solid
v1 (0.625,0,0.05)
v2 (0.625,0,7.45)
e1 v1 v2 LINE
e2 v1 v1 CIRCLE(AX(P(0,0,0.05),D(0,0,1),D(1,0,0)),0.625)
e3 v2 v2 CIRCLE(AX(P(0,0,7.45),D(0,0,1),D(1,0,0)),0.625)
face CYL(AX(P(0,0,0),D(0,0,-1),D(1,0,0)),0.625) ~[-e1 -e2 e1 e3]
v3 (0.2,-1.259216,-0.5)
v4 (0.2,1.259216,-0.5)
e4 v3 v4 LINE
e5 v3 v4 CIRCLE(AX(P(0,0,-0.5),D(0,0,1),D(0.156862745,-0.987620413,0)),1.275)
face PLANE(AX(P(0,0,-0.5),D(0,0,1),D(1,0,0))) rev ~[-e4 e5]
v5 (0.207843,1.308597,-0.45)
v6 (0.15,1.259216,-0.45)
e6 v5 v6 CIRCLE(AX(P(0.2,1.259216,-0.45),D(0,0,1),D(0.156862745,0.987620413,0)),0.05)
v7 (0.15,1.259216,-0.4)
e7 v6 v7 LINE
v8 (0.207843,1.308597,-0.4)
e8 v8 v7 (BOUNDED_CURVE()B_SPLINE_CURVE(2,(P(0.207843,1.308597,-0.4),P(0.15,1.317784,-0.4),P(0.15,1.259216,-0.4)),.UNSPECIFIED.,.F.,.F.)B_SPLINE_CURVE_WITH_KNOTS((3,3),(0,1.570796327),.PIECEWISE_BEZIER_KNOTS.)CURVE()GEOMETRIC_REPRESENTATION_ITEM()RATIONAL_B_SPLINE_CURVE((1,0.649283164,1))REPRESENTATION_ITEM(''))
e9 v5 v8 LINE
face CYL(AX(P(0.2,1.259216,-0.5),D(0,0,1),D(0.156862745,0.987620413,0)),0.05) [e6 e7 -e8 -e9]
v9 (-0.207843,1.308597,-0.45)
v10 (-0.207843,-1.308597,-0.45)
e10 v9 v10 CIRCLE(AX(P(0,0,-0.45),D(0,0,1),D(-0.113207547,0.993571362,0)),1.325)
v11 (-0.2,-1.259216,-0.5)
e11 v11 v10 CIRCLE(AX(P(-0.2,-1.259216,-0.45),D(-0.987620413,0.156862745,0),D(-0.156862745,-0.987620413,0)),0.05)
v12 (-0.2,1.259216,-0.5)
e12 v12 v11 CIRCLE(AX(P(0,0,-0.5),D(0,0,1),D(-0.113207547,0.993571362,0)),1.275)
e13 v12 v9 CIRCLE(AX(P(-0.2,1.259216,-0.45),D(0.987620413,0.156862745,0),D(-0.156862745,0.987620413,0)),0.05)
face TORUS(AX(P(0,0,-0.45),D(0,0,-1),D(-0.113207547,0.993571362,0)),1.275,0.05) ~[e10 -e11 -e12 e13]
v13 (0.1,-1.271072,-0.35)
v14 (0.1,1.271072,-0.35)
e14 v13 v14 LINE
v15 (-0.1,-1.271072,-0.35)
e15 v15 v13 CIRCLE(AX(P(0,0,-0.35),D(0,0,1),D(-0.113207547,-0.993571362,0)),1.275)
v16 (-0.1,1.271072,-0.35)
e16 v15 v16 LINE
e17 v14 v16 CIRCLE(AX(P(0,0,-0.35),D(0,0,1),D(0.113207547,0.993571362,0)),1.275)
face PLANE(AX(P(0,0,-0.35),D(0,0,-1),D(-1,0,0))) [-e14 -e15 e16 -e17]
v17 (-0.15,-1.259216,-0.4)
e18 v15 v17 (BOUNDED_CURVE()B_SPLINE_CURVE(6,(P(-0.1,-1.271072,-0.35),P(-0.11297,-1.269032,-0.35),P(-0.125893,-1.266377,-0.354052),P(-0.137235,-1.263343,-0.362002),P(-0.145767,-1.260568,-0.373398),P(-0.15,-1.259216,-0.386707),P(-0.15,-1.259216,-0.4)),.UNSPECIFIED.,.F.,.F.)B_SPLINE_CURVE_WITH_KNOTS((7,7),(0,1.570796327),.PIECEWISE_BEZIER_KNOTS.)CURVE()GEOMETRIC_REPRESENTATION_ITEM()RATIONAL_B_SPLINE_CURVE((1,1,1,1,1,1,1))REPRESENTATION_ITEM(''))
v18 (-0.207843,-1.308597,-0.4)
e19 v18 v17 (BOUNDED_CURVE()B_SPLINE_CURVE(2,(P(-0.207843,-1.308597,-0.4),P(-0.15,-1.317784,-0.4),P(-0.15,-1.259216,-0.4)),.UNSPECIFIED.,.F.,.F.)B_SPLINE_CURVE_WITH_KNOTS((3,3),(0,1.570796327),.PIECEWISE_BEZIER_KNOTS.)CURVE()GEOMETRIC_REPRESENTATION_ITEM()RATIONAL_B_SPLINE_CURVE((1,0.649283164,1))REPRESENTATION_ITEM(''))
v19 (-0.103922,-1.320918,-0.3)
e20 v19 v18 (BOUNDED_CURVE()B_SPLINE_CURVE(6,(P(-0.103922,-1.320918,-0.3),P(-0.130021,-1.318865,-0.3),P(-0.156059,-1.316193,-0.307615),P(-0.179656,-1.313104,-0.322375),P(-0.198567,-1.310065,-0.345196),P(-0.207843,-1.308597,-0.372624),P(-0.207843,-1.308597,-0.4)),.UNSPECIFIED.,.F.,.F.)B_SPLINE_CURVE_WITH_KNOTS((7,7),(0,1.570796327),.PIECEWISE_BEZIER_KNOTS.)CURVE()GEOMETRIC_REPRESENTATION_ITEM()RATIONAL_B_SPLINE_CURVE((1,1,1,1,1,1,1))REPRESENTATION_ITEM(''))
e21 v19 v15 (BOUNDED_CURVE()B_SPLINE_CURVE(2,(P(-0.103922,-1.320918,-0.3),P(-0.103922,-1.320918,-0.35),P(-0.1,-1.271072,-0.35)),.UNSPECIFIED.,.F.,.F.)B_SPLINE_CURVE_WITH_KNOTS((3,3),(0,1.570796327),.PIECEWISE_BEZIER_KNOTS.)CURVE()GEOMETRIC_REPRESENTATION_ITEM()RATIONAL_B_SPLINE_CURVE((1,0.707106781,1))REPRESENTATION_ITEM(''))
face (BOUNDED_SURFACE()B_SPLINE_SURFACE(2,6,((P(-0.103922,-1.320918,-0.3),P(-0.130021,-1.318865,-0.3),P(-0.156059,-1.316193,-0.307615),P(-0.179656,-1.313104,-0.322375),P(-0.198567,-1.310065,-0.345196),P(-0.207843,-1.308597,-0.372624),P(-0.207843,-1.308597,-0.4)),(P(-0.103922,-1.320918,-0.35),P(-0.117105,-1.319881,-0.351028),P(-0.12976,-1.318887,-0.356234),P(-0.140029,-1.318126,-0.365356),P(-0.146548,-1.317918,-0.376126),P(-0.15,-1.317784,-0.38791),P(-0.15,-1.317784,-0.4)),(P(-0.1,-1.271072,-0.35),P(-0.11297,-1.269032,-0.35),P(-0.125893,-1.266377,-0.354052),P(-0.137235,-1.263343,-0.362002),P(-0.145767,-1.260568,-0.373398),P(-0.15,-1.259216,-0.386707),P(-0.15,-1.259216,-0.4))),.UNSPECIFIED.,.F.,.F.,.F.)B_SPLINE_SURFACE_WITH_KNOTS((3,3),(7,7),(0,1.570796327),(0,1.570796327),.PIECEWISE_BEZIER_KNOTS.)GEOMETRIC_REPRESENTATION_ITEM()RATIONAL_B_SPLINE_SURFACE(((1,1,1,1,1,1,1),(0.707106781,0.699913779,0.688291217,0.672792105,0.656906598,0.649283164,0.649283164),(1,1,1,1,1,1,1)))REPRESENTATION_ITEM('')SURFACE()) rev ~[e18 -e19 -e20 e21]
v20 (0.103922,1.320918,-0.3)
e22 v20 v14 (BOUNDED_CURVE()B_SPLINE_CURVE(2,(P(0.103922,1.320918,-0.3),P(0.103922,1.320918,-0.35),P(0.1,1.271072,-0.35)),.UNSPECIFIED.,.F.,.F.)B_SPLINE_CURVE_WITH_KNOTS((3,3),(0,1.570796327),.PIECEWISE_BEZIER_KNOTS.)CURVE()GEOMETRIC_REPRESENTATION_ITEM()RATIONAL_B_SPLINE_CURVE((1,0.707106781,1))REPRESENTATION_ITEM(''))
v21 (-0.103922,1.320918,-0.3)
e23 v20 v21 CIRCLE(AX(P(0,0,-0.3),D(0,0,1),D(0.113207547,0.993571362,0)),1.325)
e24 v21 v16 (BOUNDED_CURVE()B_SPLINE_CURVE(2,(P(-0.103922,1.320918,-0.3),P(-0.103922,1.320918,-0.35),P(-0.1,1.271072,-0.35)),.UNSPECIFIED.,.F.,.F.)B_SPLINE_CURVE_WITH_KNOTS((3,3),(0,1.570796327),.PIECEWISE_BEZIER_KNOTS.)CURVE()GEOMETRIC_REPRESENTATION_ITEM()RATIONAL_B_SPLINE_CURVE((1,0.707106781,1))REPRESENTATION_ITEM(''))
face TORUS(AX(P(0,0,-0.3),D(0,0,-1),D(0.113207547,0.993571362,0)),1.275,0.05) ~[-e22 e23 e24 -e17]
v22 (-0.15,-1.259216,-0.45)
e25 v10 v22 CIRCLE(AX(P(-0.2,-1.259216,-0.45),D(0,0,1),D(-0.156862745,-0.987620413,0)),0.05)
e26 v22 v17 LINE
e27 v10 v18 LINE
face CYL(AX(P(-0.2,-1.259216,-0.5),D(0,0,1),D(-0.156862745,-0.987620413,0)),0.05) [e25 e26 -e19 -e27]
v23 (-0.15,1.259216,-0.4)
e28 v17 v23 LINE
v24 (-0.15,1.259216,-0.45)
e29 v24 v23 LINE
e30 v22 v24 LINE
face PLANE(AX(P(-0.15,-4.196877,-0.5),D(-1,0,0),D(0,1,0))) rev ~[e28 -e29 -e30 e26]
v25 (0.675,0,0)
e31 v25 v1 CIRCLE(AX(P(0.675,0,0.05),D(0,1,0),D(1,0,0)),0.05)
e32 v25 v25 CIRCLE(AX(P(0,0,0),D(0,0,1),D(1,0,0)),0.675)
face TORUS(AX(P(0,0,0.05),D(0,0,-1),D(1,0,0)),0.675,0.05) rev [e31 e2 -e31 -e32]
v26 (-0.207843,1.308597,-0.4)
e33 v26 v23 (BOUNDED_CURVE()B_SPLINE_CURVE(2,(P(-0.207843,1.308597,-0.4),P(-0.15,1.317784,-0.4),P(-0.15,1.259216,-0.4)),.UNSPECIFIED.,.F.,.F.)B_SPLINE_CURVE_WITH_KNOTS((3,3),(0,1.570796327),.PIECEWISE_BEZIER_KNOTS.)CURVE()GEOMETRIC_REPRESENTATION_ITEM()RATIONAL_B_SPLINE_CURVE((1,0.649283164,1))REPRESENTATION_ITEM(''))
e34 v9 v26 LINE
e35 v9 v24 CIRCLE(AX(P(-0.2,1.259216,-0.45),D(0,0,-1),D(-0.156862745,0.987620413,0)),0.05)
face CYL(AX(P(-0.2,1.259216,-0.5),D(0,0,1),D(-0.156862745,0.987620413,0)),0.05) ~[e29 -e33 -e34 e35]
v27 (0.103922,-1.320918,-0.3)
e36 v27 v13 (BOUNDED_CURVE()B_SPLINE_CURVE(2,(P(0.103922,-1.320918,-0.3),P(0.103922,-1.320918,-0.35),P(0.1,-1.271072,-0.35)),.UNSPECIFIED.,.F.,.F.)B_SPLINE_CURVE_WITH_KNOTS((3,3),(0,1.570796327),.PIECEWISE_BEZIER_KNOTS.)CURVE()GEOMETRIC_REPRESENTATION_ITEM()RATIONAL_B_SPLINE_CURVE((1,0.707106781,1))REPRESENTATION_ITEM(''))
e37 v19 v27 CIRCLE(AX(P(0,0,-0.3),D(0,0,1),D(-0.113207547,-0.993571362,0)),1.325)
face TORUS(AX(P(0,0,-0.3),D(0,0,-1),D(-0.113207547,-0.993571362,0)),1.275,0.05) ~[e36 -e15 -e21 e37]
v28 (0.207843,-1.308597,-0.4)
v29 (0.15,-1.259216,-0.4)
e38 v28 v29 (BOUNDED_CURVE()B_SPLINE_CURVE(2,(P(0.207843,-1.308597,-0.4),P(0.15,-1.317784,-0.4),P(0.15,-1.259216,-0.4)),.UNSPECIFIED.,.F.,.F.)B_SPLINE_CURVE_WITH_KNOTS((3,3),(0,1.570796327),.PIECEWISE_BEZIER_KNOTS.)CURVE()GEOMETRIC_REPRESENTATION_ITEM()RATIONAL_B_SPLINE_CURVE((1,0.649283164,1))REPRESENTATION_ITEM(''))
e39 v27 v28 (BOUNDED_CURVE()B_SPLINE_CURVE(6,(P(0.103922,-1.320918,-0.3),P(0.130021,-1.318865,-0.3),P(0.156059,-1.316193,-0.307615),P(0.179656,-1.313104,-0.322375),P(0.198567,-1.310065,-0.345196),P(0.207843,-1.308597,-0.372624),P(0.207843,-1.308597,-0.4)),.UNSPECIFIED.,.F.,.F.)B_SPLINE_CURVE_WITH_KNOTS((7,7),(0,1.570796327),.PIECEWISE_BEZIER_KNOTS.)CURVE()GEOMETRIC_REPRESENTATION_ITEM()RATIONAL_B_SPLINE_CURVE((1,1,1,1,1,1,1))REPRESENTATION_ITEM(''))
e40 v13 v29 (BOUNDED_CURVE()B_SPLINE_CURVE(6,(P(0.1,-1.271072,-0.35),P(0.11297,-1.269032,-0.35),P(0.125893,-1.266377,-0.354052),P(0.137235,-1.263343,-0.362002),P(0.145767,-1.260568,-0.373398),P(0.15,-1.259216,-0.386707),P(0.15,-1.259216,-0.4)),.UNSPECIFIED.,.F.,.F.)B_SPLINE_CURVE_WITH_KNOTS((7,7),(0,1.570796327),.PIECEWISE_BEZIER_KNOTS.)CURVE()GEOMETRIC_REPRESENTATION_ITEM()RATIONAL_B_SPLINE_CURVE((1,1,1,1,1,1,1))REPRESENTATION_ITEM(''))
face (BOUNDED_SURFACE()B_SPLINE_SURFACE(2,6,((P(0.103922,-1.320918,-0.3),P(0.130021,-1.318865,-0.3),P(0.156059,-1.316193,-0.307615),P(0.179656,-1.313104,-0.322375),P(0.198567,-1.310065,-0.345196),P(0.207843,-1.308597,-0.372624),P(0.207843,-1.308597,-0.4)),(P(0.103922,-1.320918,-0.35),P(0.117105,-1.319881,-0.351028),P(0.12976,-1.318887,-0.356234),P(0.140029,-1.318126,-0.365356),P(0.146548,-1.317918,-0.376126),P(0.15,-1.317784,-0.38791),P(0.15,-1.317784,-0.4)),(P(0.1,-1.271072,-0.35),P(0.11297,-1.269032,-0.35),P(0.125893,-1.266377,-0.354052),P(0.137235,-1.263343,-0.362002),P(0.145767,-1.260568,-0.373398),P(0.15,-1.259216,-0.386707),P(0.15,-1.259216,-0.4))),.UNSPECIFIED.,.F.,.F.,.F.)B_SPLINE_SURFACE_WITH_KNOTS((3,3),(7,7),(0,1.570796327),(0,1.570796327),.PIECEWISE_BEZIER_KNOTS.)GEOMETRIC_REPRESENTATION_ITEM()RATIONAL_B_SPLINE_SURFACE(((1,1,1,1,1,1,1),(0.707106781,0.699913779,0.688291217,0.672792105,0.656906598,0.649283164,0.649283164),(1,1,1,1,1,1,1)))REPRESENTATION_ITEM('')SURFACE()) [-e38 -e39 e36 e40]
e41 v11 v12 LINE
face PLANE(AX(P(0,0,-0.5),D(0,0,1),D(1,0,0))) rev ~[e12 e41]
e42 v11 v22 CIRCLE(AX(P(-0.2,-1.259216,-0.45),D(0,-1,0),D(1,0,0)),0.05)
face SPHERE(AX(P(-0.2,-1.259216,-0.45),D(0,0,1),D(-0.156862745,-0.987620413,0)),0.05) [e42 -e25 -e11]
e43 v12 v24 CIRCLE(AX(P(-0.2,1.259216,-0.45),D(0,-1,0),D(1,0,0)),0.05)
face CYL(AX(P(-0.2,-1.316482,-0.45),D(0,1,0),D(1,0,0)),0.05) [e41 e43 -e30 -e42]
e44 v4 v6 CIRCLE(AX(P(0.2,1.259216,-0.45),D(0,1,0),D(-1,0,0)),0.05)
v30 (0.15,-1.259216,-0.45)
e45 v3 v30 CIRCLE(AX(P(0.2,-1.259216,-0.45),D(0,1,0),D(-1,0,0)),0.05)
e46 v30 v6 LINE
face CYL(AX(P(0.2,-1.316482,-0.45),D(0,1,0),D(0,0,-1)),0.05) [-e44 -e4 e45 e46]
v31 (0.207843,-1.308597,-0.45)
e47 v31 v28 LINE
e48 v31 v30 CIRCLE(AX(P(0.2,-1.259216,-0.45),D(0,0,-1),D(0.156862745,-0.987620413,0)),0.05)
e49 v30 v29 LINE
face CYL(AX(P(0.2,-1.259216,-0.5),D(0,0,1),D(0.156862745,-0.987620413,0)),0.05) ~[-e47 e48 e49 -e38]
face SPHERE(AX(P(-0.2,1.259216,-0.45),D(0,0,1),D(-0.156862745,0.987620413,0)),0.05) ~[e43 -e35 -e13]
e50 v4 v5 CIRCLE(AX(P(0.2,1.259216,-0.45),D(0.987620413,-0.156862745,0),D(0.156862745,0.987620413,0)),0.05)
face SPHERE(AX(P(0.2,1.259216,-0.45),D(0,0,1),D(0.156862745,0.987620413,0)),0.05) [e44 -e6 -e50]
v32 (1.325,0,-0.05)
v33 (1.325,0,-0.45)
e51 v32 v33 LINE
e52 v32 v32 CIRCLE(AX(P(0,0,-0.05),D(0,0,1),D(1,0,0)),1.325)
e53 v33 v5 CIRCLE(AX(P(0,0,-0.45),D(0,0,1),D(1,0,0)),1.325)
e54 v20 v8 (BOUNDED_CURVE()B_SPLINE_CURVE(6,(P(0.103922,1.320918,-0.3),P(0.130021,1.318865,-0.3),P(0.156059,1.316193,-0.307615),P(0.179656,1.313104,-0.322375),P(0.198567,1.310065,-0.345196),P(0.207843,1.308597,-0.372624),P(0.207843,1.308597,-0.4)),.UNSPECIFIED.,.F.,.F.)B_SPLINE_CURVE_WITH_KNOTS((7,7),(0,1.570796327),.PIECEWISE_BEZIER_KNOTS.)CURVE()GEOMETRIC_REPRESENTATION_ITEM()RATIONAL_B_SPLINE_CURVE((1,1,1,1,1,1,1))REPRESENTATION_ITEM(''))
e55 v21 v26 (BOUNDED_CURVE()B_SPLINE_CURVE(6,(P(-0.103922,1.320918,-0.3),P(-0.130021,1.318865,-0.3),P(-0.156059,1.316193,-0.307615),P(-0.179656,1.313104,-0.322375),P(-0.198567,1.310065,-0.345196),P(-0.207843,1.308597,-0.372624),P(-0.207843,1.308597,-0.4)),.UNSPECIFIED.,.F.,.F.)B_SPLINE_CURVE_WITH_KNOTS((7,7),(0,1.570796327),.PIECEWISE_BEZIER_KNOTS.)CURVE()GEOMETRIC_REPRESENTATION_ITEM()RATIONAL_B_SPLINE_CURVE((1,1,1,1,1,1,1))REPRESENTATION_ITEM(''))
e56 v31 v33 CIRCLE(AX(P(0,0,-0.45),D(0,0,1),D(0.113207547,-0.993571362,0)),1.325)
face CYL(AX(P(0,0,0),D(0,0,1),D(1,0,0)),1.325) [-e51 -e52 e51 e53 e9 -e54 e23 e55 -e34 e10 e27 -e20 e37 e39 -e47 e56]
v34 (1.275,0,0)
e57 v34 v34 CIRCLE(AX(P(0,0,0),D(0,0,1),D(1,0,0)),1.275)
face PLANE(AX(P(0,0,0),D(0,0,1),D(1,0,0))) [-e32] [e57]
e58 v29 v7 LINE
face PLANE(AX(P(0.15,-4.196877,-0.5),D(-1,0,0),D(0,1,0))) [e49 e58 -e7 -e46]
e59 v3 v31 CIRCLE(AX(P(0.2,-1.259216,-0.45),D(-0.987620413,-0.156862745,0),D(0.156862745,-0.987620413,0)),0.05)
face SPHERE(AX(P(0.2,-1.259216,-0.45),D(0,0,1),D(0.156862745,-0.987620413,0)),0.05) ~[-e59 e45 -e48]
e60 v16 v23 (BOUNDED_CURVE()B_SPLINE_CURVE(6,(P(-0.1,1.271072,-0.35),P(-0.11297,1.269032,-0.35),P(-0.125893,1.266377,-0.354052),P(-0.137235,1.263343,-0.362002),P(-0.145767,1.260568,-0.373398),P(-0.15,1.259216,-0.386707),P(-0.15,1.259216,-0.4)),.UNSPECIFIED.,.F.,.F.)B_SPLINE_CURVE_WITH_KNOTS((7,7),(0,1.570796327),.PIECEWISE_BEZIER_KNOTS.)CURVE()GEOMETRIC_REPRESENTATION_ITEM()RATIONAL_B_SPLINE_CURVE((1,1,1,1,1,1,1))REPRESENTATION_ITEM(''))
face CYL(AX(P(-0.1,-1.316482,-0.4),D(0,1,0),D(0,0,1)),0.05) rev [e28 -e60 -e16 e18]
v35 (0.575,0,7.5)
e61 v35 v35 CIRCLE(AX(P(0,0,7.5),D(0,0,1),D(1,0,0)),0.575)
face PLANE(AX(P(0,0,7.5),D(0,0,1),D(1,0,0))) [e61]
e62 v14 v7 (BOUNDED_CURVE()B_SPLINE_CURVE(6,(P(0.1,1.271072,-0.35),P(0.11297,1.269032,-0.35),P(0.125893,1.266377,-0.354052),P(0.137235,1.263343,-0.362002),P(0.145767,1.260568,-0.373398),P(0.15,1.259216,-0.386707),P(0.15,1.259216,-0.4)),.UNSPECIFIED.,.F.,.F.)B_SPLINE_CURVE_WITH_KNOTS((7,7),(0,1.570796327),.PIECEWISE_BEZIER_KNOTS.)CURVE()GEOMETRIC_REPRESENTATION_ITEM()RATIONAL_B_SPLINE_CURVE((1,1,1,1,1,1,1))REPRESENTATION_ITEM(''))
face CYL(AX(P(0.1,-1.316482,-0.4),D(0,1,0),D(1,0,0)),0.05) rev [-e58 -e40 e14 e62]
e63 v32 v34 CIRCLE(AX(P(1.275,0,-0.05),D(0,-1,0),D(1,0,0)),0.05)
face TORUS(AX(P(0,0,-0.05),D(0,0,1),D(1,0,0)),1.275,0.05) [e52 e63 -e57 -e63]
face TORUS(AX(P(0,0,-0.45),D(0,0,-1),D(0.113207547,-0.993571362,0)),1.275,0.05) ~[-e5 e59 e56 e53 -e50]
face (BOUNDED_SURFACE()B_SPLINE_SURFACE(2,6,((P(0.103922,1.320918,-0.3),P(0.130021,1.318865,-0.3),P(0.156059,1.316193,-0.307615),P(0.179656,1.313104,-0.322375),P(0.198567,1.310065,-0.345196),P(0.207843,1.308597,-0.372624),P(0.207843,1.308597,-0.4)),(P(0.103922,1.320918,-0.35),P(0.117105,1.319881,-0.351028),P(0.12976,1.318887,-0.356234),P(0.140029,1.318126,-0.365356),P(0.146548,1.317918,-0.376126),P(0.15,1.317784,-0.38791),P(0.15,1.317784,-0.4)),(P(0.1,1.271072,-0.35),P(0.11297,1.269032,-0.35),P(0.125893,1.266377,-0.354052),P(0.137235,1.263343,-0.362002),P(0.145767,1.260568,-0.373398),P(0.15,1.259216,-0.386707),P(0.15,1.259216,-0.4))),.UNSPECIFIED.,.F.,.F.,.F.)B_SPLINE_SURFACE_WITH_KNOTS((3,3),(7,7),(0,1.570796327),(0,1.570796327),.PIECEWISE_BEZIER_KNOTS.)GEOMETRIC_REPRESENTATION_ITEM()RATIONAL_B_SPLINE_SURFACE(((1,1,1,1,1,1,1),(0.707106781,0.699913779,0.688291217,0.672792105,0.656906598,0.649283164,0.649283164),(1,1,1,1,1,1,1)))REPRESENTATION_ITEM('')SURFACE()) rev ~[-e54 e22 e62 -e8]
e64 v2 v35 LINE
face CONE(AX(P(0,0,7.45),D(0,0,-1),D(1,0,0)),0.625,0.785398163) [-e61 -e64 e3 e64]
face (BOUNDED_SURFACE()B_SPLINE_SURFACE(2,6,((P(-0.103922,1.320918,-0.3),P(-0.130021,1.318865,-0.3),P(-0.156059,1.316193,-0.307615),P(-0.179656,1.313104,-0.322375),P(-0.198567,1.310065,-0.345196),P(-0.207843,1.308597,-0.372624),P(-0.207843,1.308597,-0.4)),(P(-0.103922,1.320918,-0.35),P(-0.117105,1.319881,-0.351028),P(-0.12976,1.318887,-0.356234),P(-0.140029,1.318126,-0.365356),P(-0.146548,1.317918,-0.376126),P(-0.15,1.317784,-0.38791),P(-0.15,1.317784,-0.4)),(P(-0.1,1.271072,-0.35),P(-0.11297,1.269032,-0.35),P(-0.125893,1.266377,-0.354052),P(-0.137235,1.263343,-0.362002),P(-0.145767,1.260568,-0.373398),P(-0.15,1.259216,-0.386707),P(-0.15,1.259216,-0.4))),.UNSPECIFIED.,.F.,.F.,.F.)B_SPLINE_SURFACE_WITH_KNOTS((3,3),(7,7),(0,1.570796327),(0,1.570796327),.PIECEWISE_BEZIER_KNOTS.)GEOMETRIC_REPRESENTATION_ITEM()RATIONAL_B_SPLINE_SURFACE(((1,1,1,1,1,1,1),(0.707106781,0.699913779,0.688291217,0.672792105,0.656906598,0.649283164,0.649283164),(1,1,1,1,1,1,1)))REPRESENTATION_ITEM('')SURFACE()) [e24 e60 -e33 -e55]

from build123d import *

# Parameters (mm, degrees)
SKETCH1_R           = 0.625
BOSS_EXTRUDE1_DEPTH = 7.5
SKETCH2_R           = 1.325
BOSS_EXTRUDE2_DEPTH = 0.5
SKETCH3_W           = 0.3
SKETCH3_H           = 8.393754192
CUT_EXTRUDE1_DEPTH  = 0.15
FILLET1_R           = 0.05
FILLET2_R           = 0.05
CHAMFER1_SIZE       = 0.05


with BuildPart() as part:
    # Sketch1 → Boss-Extrude1 (new body)
    with BuildSketch(Plane.XY):
        Circle(SKETCH1_R)
    extrude(amount=BOSS_EXTRUDE1_DEPTH)

    # Sketch2 → Boss-Extrude2 (add)
    with BuildSketch(Plane.XY):
        Circle(SKETCH2_R)
    extrude(amount=-BOSS_EXTRUDE2_DEPTH)

    # Sketch3 → Cut-Extrude1 (cut)
    with BuildSketch(Plane(origin=(0, 0, -0.5), x_dir=(-1, 0, 0), z_dir=(0, 0, -1))):
        Rectangle(SKETCH3_W, SKETCH3_H)
    extrude(amount=-CUT_EXTRUDE1_DEPTH, mode=Mode.SUBTRACT)

    # Fillet1
    fillet1_edges = [part.edges().sort_by_distance(p)[0] for p in [
        (-1.325, 0, -0.5),
        (0.988527946, 0.882291052, -0.5),
        (0.15, 0, -0.5),
        (-0.15, 0, -0.5),
        (0, 1.325, -0.35),
        (0, -1.325, -0.35),
        (-0.15, -1.316482055, -0.425),
        (-0.15, 1.316482055, -0.425),
        (0.15, 1.316482055, -0.425),
        (0.15, -1.316482055, -0.425),
        (-0.15, 0, -0.35),
        (0.15, 0, -0.35),
        (-0.625, 0, 0),
    ]]
    fillet(fillet1_edges, radius=FILLET1_R)

    # Fillet2
    fillet2_edges = [part.edges().sort_by_distance(p)[0] for p in [
        (-1.325, 0, 0),
    ]]
    fillet(fillet2_edges, radius=FILLET2_R)

    # Chamfer1
    chamfer1_edges = [part.edges().sort_by_distance(p)[0] for p in [
        (-0.625, 0, 7.5),
    ]]
    chamfer(chamfer1_edges, length=CHAMFER1_SIZE)


solid = part.part
